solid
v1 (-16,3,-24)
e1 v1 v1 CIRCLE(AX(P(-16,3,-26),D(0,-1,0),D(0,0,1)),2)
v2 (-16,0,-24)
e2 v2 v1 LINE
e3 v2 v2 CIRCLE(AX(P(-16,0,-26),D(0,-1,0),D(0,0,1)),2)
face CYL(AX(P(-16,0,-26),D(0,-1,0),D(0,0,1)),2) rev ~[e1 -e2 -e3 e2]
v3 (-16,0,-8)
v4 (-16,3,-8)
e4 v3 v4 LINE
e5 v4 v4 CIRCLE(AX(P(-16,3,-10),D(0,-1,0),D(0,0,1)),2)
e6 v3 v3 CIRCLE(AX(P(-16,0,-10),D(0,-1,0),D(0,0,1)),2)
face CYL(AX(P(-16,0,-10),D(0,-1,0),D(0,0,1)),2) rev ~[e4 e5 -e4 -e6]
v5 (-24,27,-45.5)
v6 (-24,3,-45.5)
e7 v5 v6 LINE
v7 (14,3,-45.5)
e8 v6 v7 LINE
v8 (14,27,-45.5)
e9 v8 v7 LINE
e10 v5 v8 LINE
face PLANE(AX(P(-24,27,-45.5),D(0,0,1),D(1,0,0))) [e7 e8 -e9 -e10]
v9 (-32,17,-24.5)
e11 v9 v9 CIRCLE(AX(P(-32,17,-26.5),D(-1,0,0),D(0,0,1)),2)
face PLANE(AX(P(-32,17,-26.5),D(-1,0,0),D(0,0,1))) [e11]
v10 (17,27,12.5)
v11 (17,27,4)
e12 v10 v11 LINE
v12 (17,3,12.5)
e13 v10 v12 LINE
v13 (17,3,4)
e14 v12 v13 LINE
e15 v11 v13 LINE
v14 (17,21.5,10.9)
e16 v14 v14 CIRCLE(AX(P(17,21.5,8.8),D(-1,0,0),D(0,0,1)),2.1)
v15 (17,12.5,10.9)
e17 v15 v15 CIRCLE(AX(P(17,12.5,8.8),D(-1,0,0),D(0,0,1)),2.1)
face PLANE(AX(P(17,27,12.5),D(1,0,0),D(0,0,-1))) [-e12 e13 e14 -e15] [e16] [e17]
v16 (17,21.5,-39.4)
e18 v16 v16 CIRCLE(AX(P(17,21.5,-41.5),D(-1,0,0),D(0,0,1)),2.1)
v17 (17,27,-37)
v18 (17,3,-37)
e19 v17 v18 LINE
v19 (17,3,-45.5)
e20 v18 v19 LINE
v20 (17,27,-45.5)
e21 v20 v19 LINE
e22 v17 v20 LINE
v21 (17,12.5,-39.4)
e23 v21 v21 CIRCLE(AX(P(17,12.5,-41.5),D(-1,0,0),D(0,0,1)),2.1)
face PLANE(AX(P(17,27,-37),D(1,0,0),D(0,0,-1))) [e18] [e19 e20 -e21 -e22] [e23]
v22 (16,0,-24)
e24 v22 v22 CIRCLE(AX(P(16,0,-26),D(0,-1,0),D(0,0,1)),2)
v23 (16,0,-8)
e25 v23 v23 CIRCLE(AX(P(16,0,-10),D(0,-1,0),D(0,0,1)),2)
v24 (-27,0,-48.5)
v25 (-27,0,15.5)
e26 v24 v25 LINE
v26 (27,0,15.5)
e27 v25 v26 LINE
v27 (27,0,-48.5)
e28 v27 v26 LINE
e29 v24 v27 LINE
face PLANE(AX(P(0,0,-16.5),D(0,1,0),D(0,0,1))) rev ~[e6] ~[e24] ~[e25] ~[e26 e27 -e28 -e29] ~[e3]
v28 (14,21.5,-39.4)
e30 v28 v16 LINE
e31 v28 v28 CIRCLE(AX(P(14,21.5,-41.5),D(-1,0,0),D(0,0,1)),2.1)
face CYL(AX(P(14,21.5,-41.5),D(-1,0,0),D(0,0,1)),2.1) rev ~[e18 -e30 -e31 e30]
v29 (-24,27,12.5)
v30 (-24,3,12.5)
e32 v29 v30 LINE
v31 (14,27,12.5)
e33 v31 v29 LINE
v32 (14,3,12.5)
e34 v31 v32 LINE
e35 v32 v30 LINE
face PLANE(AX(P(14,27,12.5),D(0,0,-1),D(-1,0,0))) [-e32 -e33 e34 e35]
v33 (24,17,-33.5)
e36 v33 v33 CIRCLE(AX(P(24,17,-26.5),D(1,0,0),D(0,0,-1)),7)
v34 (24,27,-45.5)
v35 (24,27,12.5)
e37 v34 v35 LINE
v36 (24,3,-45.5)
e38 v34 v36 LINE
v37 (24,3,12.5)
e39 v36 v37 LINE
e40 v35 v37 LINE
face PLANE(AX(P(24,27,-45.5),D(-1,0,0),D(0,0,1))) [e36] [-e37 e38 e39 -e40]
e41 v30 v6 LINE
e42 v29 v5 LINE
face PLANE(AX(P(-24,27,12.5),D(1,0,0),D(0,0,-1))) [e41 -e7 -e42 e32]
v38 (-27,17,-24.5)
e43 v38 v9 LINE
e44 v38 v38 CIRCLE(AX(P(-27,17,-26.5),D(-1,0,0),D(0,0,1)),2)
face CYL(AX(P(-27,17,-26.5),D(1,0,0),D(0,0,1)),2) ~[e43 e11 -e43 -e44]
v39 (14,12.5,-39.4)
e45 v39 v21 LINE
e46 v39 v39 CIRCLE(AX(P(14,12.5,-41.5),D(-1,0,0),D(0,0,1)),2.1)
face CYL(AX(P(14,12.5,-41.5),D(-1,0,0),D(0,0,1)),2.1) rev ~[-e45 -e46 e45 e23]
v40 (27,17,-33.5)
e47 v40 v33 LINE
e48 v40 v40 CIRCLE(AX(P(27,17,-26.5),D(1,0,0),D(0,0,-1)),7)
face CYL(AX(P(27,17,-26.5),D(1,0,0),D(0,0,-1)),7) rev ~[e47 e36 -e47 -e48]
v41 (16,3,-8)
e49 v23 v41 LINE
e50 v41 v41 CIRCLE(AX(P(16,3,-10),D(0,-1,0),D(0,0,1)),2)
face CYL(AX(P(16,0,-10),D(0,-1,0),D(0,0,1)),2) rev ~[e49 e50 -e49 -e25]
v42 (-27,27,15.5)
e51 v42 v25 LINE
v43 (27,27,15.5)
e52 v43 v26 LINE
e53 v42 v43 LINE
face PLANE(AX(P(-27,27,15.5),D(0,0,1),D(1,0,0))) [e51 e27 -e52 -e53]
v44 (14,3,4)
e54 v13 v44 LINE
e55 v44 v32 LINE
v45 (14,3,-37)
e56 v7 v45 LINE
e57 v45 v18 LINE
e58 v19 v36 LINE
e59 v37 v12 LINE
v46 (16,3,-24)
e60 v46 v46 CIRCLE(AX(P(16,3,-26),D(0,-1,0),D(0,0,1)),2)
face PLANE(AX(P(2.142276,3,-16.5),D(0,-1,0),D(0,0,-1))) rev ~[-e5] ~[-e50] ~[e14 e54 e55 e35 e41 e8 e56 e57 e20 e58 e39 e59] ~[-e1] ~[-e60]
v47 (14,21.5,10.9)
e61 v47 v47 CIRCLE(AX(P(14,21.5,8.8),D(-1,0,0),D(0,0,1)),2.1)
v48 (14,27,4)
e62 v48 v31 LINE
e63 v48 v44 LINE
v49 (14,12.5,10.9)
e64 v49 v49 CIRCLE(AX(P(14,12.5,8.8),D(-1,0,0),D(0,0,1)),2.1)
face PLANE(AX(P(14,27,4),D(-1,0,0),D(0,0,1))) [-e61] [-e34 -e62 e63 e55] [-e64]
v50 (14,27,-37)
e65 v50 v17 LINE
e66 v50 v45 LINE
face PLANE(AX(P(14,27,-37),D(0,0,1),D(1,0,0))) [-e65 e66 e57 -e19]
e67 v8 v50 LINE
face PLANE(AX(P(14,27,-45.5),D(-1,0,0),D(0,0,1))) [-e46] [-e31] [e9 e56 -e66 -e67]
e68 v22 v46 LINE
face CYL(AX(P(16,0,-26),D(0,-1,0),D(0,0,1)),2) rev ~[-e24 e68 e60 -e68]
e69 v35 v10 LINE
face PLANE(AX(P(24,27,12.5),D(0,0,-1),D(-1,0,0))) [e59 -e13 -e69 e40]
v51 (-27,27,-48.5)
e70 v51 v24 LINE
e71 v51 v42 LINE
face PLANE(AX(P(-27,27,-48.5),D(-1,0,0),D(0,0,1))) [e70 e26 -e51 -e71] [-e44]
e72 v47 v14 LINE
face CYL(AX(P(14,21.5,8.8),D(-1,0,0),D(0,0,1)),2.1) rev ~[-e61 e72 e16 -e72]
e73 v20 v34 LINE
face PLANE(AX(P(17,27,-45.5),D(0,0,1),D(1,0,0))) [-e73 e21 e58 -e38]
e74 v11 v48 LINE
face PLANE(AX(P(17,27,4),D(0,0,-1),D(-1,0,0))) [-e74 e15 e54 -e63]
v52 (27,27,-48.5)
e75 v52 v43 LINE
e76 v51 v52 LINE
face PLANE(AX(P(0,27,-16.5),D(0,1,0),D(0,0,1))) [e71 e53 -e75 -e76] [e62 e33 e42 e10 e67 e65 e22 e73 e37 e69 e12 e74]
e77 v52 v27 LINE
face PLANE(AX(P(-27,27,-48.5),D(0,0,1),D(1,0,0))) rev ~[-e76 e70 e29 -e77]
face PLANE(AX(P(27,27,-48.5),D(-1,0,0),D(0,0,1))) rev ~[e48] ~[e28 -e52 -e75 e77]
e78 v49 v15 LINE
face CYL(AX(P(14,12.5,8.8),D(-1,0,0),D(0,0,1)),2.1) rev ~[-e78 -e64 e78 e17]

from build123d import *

# Parameters (mm, degrees)
SKETCH_W             = 64
SKETCH_H             = 54
PAD_DEPTH            = 27
POCKET_DEPTH         = 24
SKETCH002_R          = 2.1
POCKET001_DEPTH      = 3
SKETCH003_R          = 7
POCKET002_DEPTH      = 3
SKETCH004_R          = 2
PAD001_DEPTH         = 5
SKETCH011_R          = 2
POCKET006_DEPTH      = 3
BODY_PITCH_ANGLE     = -90
BODY_PLACEMENT_ANGLE = -90


with BuildPart() as part:
    # Sketch → Pad (new body)
    with BuildSketch(Plane.XY):
        with Locations((20, 15)):
            Rectangle(SKETCH_W, SKETCH_H)
    extrude(amount=-PAD_DEPTH)

    # Sketch001 (on Face5 of Pad) → Pocket (cut)
    with BuildSketch(Plane.XY):
        Polygon((-9, 32), (-9, 39), (49, 39), (49, 32), (40.5, 32), (40.5, 29), (49, 29), (49, -9), (-9, -9), (-9, 29), (-0.5, 29), (-0.5, 32), align=None)
    extrude(amount=-POCKET_DEPTH, mode=Mode.SUBTRACT)

    # Sketch002 (on Face16 of Pocket) → Pocket001 (cut)
    with BuildSketch(Plane.XZ.offset(-29)):
        with Locations((45.3, -5.5)):
            Circle(SKETCH002_R)
        with Locations((45.3, -14.5)):
            Circle(SKETCH002_R)
        with Locations((-5, -5.5)):
            Circle(SKETCH002_R)
        with Locations((-5, -14.5)):
            Circle(SKETCH002_R)
    extrude(amount=-POCKET001_DEPTH, mode=Mode.SUBTRACT)

    # Sketch003 (on Face1 of Pocket001) → Pocket002 (cut)
    with BuildSketch(Plane(origin=(0, 42, 0), x_dir=(-1, 0, 0), z_dir=(0, 1, 0))):
        with Locations((-10, -10)):
            Circle(SKETCH003_R)
    extrude(amount=-POCKET002_DEPTH, mode=Mode.SUBTRACT)

    # Sketch004 (on Face7 of Pocket002) → Pad001 (join)
    with BuildSketch(Plane.XZ.offset(12)):
        with Locations((10, -10)):
            Circle(SKETCH004_R)
    extrude(amount=PAD001_DEPTH)

    # Sketch011 (on Face5 of Pocket) → Pocket006 (cut)
    with BuildSketch(Plane(origin=(0, 0, -27), x_dir=(1, 0, 0), z_dir=(0, 0, -1))):
        with Locations((26.5, 1)):
            Circle(SKETCH011_R)
        with Locations((10.5, 1)):
            Circle(SKETCH011_R)
        with Locations((26.5, -31)):
            Circle(SKETCH011_R)
        with Locations((10.5, -31)):
            Circle(SKETCH011_R)
    extrude(amount=-POCKET006_DEPTH, mode=Mode.SUBTRACT)


with BuildPart() as part_1:
    # Body pitch: moved
    add(part.part.rotate(Axis((0, 0, 0), (0, 1, 0)), BODY_PITCH_ANGLE))


with BuildPart() as part_2:
    # Body placement: moved
    add(part_1.part.moved(Location((-15, 27, -36.5))).rotate(Axis((-15, 27, -36.5), (0, 0, 1)), BODY_PLACEMENT_ANGLE))


solid = part_2.part
